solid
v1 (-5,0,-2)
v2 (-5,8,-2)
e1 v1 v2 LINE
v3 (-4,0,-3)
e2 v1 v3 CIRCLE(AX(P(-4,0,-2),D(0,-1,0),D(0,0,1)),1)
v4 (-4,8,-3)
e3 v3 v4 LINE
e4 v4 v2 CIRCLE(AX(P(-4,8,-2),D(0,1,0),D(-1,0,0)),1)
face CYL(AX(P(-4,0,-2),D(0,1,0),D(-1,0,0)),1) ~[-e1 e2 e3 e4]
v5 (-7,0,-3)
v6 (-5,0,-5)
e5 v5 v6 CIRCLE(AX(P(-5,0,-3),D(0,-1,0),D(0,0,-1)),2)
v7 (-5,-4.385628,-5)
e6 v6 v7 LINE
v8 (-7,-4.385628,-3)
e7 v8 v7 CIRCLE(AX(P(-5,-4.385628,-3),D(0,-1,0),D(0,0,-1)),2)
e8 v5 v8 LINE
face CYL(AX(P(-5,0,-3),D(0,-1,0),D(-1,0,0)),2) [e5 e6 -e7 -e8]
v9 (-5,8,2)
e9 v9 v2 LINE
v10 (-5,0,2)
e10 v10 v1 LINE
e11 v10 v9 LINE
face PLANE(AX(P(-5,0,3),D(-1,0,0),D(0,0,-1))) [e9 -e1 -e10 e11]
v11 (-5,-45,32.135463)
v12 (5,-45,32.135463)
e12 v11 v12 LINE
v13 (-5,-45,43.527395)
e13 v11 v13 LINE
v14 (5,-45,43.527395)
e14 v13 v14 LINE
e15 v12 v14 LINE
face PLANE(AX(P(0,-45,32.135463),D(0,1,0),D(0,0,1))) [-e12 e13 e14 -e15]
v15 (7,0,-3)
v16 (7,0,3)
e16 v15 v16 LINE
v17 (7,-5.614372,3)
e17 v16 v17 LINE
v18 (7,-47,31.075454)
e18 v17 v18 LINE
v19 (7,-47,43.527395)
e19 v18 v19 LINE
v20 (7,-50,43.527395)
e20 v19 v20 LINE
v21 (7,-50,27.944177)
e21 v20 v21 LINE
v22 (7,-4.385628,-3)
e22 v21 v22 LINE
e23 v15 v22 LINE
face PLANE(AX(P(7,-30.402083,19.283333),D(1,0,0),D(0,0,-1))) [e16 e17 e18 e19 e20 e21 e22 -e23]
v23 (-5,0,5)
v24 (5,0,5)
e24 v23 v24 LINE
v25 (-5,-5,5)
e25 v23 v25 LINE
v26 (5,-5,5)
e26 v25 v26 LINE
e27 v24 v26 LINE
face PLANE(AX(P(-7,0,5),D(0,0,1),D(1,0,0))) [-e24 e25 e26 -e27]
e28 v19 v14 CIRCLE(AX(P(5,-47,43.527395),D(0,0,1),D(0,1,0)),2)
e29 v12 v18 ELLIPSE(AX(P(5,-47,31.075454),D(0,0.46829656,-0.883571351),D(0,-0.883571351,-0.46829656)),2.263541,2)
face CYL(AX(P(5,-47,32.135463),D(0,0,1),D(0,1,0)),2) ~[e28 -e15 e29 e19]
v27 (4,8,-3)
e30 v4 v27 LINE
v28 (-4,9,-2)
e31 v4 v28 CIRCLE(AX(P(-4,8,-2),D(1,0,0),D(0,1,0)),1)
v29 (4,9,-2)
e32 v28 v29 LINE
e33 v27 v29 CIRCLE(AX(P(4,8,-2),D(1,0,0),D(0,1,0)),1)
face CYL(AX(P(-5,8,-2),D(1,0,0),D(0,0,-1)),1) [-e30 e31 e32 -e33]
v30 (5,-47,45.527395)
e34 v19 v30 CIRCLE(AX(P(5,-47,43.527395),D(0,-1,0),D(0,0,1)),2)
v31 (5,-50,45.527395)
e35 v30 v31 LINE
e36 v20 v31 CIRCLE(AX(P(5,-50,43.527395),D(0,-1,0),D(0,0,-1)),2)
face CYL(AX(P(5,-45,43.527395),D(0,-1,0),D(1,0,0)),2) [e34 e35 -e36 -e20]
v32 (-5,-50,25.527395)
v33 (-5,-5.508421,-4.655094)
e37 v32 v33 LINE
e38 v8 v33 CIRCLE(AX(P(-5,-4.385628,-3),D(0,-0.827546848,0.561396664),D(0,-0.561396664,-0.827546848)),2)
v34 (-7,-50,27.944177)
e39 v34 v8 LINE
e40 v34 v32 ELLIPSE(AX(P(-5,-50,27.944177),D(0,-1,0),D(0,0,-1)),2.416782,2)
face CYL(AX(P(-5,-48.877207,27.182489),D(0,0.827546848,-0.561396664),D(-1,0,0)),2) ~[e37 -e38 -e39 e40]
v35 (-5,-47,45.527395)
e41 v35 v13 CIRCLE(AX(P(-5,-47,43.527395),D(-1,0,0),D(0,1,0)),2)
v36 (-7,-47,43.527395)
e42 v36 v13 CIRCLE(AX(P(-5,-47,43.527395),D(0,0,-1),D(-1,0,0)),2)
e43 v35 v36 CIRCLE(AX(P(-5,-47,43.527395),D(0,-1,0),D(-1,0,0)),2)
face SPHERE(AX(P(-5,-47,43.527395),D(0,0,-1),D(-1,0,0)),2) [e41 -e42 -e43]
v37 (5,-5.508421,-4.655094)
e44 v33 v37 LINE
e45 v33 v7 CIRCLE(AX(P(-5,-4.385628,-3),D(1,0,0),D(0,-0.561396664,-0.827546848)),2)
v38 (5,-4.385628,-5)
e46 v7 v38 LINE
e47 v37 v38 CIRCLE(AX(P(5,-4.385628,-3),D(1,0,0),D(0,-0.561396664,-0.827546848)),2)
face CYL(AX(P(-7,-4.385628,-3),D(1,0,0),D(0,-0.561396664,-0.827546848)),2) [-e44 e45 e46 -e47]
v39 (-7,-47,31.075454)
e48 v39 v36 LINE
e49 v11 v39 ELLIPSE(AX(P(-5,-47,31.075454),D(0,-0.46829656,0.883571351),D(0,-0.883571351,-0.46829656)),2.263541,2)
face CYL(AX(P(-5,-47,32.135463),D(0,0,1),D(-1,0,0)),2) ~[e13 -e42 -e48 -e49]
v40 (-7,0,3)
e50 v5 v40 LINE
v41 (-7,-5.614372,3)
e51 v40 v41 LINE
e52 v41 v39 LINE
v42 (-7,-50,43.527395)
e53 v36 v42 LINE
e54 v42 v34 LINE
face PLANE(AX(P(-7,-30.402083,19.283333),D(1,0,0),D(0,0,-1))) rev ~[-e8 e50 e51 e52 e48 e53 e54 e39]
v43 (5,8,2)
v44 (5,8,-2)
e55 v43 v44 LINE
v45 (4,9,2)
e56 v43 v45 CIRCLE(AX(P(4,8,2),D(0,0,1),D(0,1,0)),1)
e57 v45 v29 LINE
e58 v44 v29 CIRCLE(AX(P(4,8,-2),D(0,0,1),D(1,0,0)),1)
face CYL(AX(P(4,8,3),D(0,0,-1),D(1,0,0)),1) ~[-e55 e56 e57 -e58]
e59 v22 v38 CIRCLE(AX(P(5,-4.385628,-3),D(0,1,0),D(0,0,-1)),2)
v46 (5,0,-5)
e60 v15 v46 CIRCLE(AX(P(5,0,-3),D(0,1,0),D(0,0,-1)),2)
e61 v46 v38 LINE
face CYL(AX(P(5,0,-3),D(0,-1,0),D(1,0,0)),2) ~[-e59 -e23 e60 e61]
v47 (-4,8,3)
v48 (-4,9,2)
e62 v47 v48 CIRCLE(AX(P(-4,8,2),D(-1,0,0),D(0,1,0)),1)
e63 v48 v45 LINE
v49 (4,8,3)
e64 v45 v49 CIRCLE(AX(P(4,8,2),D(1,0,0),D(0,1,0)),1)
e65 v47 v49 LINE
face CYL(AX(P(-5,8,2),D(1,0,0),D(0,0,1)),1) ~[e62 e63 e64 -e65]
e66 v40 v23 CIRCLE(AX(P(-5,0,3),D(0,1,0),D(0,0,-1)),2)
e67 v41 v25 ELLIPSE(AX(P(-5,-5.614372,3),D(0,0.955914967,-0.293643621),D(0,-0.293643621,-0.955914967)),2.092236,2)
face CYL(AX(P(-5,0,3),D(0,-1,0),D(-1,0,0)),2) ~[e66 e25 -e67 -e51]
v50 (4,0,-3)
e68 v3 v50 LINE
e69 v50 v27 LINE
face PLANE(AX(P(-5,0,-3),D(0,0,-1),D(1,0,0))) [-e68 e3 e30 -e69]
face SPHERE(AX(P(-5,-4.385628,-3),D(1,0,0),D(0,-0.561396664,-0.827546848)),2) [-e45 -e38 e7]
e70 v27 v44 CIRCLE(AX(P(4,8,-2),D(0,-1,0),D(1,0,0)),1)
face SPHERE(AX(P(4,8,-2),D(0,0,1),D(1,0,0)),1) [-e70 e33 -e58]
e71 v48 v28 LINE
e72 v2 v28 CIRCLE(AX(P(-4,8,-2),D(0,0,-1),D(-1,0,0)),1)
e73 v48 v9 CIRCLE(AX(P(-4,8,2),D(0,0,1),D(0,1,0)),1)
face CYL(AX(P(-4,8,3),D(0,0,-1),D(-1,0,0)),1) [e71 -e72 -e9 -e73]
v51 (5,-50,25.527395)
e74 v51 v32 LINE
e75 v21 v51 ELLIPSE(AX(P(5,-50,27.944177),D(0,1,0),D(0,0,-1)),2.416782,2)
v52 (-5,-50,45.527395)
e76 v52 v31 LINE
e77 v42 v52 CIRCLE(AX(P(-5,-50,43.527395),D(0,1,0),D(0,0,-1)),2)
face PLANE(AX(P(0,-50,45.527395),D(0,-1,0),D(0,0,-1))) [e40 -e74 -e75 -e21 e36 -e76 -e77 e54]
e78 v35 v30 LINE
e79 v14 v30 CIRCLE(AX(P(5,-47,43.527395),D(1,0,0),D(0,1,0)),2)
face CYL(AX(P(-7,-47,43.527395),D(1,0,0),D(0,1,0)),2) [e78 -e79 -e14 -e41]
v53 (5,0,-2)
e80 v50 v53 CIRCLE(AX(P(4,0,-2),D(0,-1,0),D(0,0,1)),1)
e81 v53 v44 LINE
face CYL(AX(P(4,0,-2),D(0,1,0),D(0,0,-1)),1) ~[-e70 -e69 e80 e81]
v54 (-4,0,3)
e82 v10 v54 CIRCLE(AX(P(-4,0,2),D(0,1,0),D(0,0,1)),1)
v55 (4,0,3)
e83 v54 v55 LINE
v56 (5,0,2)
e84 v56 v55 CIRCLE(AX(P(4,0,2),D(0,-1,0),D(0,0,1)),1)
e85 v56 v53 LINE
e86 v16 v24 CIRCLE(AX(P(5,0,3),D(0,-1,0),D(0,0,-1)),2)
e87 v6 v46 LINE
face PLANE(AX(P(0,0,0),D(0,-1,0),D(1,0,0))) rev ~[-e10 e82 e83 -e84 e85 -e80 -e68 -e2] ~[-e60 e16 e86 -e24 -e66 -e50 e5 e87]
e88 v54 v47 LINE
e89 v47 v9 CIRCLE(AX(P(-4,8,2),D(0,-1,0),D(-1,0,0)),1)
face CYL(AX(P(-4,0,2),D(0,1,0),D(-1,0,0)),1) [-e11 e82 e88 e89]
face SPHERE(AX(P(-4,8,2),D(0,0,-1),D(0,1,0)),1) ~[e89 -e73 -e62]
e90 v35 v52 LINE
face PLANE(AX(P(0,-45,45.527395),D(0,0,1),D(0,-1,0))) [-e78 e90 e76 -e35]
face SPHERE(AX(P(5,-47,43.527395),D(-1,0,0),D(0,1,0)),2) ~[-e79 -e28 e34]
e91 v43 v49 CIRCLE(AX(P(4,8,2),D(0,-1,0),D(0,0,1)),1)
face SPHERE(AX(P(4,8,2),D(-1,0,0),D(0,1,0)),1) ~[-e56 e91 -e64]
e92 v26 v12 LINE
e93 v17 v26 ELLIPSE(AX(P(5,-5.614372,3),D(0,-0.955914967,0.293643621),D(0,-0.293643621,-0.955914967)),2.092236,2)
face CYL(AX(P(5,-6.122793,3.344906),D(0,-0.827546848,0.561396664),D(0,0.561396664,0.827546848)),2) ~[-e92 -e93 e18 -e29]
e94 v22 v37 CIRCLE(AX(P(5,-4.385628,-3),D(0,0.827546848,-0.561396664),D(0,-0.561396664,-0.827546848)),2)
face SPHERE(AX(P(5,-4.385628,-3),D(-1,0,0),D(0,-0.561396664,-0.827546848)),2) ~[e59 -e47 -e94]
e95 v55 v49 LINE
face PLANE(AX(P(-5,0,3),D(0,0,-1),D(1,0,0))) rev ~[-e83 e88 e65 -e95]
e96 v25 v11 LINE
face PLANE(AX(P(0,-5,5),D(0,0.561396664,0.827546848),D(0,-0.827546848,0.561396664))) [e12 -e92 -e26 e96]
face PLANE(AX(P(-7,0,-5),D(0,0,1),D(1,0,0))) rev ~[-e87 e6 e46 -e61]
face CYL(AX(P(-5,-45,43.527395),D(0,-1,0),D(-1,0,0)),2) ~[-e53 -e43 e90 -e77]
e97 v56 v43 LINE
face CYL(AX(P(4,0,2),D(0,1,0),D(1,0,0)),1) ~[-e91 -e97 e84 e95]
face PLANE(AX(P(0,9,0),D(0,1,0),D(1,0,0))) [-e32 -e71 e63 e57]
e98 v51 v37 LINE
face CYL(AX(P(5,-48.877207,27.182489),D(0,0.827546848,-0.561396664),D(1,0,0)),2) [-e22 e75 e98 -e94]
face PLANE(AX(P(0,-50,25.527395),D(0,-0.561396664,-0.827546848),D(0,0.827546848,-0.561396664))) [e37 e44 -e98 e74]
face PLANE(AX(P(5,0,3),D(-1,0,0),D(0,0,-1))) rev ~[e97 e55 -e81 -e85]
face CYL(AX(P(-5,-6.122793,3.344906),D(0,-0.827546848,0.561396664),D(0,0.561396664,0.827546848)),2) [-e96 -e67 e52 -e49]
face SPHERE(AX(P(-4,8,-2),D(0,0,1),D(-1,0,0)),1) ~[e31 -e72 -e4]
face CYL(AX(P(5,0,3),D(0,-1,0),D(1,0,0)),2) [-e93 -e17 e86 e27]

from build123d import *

# Parameters (mm, degrees)
SKETCH1_W           = 10
SKETCH1_H           = 6
BOSS_EXTRUDE1_DEPTH = 9
SKETCH2_W           = 14
SKETCH2_H           = 10
BOSS_EXTRUDE2_DEPTH = 5
BOSS_EXTRUDE3_DEPTH = 7
FILLET1_R           = 2
FILLET2_R           = 1


with BuildPart() as part:
    # Sketch1 → Boss-Extrude1 (new body)
    with BuildSketch(Plane(origin=(0, 0, 0), x_dir=(1, 0, 0), z_dir=(0, 1, 0))):
        Rectangle(SKETCH1_W, SKETCH1_H)
    extrude(amount=BOSS_EXTRUDE1_DEPTH)

    # Sketch2 → Boss-Extrude2 (add)
    with BuildSketch(Plane.XZ):
        Rectangle(SKETCH2_W, SKETCH2_H)
    extrude(amount=BOSS_EXTRUDE2_DEPTH)

    # Sketch4 → Boss-Extrude3 (add, symmetric)
    with BuildSketch(Plane(origin=(0, 0, 0), x_dir=(0, 0, -1), z_dir=(1, 0, 0))):
        Polygon((-5, -5), (-32.135462652, -45), (-45.527395483, -45), (-45.527395483, -50), (-25.527395483, -50), (5, -5), align=None)
    extrude(amount=BOSS_EXTRUDE3_DEPTH, both=True)

    # Fillet1
    fillet1_edges = [part.edges().sort_by_distance(p)[0] for p in [
        (7, -2.5, -5),
        (7, -2.5, 5),
        (-7, -2.5, 5),
        (-7, -2.5, -5),
        (0, -5, -5),
        (-7, -25, 18.567731326),
        (-7, -45, 38.831429068),
        (-7, -47.5, 45.527395483),
        (0, -45, 45.527395483),
        (-7, -27.5, 10.263697742),
        (7, -25, 18.567731326),
        (7, -45, 38.831429068),
        (7, -47.5, 45.527395483),
        (7, -27.5, 10.263697742),
    ]]
    fillet(fillet1_edges, radius=FILLET1_R)

    # Fillet2
    fillet2_edges = [part.edges().sort_by_distance(p)[0] for p in [
        (-5, 9, 0),
        (0, 9, 3),
        (5, 9, 0),
        (5, 4.5, 3),
        (-5, 4.5, 3),
        (-5, 4.5, -3),
        (5, 4.5, -3),
        (0, 9, -3),
    ]]
    fillet(fillet2_edges, radius=FILLET2_R)


solid = part.part
